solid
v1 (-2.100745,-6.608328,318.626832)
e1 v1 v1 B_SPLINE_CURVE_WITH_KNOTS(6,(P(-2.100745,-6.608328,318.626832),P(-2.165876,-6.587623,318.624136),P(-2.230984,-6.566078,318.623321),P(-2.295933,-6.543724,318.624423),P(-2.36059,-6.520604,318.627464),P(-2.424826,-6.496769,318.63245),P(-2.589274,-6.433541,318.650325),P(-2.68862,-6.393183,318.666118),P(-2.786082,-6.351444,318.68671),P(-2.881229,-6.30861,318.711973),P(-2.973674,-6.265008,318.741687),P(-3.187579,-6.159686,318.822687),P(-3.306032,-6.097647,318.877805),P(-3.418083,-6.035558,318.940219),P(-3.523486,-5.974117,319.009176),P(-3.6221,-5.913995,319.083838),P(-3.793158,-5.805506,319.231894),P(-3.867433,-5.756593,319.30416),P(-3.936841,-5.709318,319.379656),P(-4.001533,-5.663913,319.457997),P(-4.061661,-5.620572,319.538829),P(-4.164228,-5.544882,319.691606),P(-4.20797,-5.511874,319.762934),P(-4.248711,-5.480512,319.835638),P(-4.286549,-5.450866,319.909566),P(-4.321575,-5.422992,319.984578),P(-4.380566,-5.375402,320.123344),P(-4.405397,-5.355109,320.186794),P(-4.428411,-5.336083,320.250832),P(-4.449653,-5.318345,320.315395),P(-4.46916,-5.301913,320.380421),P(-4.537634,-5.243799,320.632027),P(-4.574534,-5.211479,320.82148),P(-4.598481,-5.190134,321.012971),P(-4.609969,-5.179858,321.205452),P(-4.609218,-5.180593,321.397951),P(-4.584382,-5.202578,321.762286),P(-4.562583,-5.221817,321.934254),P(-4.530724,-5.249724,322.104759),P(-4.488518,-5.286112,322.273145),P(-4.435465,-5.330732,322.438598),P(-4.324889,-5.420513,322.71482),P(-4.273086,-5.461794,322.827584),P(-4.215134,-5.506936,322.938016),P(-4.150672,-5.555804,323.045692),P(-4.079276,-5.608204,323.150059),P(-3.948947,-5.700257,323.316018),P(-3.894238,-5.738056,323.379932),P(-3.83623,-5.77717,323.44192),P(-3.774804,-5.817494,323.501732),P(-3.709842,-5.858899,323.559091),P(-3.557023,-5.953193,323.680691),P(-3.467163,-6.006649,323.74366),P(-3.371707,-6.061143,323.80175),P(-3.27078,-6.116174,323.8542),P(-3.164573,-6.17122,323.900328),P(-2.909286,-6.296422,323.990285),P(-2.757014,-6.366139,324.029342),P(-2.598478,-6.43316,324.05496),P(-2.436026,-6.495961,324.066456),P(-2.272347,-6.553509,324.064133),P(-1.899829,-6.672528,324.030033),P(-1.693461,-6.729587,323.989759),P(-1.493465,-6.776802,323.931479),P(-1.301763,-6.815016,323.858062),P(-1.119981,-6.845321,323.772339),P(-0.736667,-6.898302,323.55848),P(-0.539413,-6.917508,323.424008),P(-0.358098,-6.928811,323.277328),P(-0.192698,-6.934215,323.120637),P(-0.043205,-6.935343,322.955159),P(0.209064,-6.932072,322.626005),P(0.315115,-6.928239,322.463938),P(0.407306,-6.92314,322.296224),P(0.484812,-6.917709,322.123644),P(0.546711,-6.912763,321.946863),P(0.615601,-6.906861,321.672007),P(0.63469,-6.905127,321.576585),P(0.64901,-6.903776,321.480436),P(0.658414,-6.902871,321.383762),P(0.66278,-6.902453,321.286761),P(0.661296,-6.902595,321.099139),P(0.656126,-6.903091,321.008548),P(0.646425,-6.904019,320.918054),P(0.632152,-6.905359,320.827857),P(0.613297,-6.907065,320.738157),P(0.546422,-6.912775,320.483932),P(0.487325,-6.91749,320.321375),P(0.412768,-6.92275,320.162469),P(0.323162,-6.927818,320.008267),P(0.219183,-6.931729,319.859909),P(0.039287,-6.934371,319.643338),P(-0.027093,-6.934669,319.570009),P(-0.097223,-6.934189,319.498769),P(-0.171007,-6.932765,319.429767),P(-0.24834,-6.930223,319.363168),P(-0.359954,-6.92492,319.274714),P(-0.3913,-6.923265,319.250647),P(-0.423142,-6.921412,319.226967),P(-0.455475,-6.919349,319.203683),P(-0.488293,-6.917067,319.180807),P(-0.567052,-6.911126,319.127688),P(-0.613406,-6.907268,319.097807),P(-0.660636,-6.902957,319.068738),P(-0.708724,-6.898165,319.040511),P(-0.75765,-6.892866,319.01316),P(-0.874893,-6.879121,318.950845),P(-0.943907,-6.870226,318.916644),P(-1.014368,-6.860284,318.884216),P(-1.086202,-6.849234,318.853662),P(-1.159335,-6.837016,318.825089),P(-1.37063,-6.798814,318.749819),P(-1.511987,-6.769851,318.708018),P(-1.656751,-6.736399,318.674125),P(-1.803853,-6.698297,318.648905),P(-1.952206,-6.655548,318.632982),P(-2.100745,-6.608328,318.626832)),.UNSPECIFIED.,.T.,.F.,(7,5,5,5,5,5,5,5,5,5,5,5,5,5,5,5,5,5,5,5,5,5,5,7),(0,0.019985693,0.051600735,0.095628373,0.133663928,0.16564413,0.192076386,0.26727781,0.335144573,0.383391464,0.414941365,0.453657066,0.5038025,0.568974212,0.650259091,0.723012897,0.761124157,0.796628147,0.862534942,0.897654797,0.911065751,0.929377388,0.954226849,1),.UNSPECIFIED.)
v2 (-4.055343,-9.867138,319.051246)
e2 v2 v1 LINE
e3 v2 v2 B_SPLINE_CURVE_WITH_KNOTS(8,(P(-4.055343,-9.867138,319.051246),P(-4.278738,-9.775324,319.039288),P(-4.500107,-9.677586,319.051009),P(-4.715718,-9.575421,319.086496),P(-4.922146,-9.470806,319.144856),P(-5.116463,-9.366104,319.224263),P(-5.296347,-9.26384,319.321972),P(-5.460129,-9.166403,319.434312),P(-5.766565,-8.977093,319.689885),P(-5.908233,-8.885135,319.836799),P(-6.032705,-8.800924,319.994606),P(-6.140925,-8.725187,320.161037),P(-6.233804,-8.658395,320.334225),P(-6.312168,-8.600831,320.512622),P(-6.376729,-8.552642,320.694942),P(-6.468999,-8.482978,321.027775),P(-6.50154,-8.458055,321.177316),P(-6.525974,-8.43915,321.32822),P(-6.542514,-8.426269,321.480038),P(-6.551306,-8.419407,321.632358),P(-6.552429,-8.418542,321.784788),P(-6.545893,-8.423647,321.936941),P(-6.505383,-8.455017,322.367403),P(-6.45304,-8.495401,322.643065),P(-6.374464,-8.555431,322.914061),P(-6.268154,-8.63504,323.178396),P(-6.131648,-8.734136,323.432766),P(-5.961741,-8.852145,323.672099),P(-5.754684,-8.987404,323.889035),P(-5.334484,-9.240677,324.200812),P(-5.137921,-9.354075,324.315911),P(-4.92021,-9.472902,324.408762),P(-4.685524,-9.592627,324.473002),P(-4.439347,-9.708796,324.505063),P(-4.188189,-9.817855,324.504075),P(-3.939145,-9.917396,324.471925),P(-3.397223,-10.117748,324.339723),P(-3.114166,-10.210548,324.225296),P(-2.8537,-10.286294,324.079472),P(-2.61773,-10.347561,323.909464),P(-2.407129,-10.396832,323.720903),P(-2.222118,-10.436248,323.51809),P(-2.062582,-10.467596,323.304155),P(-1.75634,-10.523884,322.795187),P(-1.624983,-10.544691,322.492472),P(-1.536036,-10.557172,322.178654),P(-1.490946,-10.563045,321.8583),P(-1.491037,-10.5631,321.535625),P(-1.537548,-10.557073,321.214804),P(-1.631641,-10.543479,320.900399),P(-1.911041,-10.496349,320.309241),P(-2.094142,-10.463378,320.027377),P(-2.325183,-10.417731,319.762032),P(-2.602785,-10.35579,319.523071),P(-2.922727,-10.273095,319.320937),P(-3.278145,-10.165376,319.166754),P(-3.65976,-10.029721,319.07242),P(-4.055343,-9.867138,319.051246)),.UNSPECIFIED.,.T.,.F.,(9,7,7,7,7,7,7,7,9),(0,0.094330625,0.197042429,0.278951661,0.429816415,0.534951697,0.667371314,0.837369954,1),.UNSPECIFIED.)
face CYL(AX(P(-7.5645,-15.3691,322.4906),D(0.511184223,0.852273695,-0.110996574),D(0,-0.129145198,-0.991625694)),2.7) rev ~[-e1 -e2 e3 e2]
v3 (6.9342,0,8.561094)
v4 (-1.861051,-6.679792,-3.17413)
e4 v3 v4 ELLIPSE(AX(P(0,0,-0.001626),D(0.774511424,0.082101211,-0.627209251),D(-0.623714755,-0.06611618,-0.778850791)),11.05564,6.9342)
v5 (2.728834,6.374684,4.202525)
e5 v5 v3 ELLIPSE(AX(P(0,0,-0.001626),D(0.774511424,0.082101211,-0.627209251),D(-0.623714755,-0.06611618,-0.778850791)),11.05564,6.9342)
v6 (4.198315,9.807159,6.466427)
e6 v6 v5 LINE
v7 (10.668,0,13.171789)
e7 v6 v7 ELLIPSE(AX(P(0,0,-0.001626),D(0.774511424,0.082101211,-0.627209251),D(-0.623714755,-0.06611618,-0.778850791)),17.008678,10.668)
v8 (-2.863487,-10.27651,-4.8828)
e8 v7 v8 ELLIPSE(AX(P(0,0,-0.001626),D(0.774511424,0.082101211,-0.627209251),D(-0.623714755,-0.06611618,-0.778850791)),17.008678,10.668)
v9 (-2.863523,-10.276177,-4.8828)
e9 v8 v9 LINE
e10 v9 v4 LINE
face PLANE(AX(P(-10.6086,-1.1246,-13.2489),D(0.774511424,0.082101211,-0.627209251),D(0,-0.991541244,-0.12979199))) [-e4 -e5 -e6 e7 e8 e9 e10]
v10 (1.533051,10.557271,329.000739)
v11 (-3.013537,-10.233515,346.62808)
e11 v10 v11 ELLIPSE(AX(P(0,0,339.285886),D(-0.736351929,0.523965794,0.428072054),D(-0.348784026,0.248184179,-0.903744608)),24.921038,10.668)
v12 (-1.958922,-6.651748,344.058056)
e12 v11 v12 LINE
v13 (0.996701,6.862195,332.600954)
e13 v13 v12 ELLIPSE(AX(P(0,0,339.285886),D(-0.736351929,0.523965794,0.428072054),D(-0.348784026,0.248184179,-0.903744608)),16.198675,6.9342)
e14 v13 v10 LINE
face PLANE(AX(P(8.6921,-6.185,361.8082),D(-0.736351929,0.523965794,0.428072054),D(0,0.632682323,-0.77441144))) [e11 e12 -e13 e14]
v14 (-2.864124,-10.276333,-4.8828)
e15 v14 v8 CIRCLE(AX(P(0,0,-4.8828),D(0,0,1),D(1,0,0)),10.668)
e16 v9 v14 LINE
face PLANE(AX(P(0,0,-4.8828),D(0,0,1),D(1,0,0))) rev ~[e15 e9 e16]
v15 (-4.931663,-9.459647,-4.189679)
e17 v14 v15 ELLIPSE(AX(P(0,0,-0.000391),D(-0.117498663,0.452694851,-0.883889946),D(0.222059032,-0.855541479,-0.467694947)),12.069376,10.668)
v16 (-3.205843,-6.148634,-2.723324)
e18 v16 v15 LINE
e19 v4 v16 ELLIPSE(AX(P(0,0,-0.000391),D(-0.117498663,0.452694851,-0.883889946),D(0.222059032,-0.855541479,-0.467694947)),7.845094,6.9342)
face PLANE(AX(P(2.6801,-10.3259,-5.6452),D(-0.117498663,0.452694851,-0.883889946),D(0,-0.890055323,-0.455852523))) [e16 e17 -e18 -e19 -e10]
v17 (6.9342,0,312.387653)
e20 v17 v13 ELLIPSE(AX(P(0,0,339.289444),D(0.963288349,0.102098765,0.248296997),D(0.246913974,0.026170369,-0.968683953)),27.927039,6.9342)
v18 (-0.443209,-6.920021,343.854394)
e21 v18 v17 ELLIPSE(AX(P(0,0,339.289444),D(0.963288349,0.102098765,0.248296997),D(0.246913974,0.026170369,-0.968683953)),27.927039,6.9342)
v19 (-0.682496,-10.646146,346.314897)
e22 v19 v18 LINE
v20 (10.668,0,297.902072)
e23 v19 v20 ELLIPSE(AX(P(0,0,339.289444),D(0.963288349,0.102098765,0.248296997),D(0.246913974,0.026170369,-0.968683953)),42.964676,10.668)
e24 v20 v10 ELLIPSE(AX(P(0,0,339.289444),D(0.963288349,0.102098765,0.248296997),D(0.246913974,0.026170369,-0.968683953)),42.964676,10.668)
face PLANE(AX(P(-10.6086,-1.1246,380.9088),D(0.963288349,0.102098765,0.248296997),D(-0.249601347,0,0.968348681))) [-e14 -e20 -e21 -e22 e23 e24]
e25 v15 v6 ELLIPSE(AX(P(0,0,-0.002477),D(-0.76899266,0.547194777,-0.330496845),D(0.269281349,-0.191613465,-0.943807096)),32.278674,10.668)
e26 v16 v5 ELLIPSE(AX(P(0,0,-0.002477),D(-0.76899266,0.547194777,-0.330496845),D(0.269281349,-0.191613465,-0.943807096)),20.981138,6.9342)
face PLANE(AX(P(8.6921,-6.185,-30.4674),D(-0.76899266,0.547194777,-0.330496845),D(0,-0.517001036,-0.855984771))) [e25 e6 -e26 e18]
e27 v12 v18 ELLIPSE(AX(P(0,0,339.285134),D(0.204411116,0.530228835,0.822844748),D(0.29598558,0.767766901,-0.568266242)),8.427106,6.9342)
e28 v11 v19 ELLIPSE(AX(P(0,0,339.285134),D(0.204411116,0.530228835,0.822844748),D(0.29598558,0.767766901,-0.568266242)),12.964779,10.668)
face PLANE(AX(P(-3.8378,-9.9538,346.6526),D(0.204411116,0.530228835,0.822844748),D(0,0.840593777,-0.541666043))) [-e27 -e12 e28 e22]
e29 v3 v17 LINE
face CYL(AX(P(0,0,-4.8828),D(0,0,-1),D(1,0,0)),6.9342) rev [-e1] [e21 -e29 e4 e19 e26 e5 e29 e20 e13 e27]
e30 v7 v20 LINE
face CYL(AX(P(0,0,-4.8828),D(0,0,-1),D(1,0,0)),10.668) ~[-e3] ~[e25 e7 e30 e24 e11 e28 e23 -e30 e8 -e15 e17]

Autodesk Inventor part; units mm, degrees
ref_plane "Start Plane" through (0, 0, -4.8828) normal (0, 0, 1) x (1, 0, 0)
ref_plane "End Plane" through (0, 0, 346.6281) normal (0, 0, 1) x (1, 0, 0)
sketch "Sketch" plane through (0, 0, 0) normal (0, 0, 1) x (1, 0, 0)
  circle A0 centre (0, 0) radius 6.9342
  circle A1 centre (0, 0) radius 10.668
  dimension "d0" = 21.336
  dimension "d1" = 3.7338
extrude "Body" add sketch "Sketch" along normal up to surface (351.5109 mm away) from surface at -4.8828
sketch "Sketch3" plane through (0, 0, 0) normal (0, 0, 1) x (1, 0, 0)
  line L0 (0, 0) -> (10, 0)
ref_plane "Work Plane3" through (0, 0, 0) normal (0, -1, 0) x (1, 0, 0)
sketch "Sketch4" plane through (0, 0, 0) normal (0, -1, 0) x (1, 0, 0)
  line L0 (-2, -4.8828) -> (12, -4.8828)
  line L1 (-2, 346.6281) -> (12, 346.6281)
  dimension "d7" = 351.5109
ref_plane "Work Plane4" through (8.6921, -6.185, 361.8082) normal (-0.7364, 0.524, 0.4281) x (0.6203, 0.2702, 0.7364)
split "Split1" plane through (8.6921, -6.185, 361.8082) removes the side toward (-0.7364, 0.524, 0.4281)
ref_plane "Work Plane5" through (-3.8378, -9.9538, 346.6526) normal (0.2044, 0.5302, 0.8228) x (0.9771, -0.0595, -0.2044)
split "Split2" plane through (-3.8378, -9.9538, 346.6526) removes the side toward (0.2044, 0.5302, 0.8228)
ref_plane "Work Plane6" through (-10.6086, -1.1246, 380.9088) normal (0.9633, 0.1021, 0.2483) x (0.2566, -0.0788, -0.9633)
split "Split3" plane through (-10.6086, -1.1246, 380.9088) removes the side toward (0.9633, 0.1021, 0.2483)
ref_plane "Work Plane7" through (8.6921, -6.185, -30.4674) normal (-0.769, 0.5472, -0.3305) x (0.1167, 0.6285, 0.769)
split "Split4" plane through (8.6921, -6.185, -30.4674) removes the side toward (-0.769, 0.5472, -0.3305)
ref_plane "Work Plane8" through (-10.6086, -1.1246, -13.2489) normal (0.7745, 0.0821, -0.6272) x (-0.6091, -0.1706, -0.7745)
split "Split5" plane through (-10.6086, -1.1246, -13.2489) removes the side toward (0.7745, 0.0821, -0.6272)
ref_plane "Work Plane9" through (2.6801, -10.3259, -5.6452) normal (-0.1175, 0.4527, -0.8839) x (0.8811, 0.4581, 0.1175)
split "Split6" plane through (2.6801, -10.3259, -5.6452) removes the side toward (-0.1175, 0.4527, -0.8839)
ref_plane "Work Plane10" through (-46.7913, -3.422, 233.5882) normal (-0.5112, -0.8523, 0.111) x (0.8583, -0.5129, 0.0149)
sketch "Sketch5" plane through (-46.7913, -3.422, 233.5882) normal (-0.5112, -0.8523, 0.111) x (0.8583, -0.5129, 0.0149)
  circle A0 centre (41.1209, 88.8492) radius 4 projected
  point P0 (34.9285, -229.6953)
hole "Hole1" at (-7.5645, -15.3691, 322.4906) direction (0.5112, 0.8523, -0.111) diameter 5.4 depth 20 tip angle 118
equation "\"d0\" = G_H"
equation "\"d1\" = G_T"
equation "\"d2\" = G_L"
equation "\"G_H\" = 21.336"
equation "\"G_T\" = 3.7338"
equation "\"G_L\" = 351.51086"
equation "\"G_OFFSET_START\" = 4.88279"
equation "\"G_OFFSET_END\" = 7.34335"
equation "\"d4\" = -G_OFFSET_START"
equation "\"d5\" = G_OFFSET_END + B_L"
equation "\"B_L\" = 339.28473"
properties part number "ANSI - 1/2 x 0.147 - 13.839" material "Steel, Mild"
